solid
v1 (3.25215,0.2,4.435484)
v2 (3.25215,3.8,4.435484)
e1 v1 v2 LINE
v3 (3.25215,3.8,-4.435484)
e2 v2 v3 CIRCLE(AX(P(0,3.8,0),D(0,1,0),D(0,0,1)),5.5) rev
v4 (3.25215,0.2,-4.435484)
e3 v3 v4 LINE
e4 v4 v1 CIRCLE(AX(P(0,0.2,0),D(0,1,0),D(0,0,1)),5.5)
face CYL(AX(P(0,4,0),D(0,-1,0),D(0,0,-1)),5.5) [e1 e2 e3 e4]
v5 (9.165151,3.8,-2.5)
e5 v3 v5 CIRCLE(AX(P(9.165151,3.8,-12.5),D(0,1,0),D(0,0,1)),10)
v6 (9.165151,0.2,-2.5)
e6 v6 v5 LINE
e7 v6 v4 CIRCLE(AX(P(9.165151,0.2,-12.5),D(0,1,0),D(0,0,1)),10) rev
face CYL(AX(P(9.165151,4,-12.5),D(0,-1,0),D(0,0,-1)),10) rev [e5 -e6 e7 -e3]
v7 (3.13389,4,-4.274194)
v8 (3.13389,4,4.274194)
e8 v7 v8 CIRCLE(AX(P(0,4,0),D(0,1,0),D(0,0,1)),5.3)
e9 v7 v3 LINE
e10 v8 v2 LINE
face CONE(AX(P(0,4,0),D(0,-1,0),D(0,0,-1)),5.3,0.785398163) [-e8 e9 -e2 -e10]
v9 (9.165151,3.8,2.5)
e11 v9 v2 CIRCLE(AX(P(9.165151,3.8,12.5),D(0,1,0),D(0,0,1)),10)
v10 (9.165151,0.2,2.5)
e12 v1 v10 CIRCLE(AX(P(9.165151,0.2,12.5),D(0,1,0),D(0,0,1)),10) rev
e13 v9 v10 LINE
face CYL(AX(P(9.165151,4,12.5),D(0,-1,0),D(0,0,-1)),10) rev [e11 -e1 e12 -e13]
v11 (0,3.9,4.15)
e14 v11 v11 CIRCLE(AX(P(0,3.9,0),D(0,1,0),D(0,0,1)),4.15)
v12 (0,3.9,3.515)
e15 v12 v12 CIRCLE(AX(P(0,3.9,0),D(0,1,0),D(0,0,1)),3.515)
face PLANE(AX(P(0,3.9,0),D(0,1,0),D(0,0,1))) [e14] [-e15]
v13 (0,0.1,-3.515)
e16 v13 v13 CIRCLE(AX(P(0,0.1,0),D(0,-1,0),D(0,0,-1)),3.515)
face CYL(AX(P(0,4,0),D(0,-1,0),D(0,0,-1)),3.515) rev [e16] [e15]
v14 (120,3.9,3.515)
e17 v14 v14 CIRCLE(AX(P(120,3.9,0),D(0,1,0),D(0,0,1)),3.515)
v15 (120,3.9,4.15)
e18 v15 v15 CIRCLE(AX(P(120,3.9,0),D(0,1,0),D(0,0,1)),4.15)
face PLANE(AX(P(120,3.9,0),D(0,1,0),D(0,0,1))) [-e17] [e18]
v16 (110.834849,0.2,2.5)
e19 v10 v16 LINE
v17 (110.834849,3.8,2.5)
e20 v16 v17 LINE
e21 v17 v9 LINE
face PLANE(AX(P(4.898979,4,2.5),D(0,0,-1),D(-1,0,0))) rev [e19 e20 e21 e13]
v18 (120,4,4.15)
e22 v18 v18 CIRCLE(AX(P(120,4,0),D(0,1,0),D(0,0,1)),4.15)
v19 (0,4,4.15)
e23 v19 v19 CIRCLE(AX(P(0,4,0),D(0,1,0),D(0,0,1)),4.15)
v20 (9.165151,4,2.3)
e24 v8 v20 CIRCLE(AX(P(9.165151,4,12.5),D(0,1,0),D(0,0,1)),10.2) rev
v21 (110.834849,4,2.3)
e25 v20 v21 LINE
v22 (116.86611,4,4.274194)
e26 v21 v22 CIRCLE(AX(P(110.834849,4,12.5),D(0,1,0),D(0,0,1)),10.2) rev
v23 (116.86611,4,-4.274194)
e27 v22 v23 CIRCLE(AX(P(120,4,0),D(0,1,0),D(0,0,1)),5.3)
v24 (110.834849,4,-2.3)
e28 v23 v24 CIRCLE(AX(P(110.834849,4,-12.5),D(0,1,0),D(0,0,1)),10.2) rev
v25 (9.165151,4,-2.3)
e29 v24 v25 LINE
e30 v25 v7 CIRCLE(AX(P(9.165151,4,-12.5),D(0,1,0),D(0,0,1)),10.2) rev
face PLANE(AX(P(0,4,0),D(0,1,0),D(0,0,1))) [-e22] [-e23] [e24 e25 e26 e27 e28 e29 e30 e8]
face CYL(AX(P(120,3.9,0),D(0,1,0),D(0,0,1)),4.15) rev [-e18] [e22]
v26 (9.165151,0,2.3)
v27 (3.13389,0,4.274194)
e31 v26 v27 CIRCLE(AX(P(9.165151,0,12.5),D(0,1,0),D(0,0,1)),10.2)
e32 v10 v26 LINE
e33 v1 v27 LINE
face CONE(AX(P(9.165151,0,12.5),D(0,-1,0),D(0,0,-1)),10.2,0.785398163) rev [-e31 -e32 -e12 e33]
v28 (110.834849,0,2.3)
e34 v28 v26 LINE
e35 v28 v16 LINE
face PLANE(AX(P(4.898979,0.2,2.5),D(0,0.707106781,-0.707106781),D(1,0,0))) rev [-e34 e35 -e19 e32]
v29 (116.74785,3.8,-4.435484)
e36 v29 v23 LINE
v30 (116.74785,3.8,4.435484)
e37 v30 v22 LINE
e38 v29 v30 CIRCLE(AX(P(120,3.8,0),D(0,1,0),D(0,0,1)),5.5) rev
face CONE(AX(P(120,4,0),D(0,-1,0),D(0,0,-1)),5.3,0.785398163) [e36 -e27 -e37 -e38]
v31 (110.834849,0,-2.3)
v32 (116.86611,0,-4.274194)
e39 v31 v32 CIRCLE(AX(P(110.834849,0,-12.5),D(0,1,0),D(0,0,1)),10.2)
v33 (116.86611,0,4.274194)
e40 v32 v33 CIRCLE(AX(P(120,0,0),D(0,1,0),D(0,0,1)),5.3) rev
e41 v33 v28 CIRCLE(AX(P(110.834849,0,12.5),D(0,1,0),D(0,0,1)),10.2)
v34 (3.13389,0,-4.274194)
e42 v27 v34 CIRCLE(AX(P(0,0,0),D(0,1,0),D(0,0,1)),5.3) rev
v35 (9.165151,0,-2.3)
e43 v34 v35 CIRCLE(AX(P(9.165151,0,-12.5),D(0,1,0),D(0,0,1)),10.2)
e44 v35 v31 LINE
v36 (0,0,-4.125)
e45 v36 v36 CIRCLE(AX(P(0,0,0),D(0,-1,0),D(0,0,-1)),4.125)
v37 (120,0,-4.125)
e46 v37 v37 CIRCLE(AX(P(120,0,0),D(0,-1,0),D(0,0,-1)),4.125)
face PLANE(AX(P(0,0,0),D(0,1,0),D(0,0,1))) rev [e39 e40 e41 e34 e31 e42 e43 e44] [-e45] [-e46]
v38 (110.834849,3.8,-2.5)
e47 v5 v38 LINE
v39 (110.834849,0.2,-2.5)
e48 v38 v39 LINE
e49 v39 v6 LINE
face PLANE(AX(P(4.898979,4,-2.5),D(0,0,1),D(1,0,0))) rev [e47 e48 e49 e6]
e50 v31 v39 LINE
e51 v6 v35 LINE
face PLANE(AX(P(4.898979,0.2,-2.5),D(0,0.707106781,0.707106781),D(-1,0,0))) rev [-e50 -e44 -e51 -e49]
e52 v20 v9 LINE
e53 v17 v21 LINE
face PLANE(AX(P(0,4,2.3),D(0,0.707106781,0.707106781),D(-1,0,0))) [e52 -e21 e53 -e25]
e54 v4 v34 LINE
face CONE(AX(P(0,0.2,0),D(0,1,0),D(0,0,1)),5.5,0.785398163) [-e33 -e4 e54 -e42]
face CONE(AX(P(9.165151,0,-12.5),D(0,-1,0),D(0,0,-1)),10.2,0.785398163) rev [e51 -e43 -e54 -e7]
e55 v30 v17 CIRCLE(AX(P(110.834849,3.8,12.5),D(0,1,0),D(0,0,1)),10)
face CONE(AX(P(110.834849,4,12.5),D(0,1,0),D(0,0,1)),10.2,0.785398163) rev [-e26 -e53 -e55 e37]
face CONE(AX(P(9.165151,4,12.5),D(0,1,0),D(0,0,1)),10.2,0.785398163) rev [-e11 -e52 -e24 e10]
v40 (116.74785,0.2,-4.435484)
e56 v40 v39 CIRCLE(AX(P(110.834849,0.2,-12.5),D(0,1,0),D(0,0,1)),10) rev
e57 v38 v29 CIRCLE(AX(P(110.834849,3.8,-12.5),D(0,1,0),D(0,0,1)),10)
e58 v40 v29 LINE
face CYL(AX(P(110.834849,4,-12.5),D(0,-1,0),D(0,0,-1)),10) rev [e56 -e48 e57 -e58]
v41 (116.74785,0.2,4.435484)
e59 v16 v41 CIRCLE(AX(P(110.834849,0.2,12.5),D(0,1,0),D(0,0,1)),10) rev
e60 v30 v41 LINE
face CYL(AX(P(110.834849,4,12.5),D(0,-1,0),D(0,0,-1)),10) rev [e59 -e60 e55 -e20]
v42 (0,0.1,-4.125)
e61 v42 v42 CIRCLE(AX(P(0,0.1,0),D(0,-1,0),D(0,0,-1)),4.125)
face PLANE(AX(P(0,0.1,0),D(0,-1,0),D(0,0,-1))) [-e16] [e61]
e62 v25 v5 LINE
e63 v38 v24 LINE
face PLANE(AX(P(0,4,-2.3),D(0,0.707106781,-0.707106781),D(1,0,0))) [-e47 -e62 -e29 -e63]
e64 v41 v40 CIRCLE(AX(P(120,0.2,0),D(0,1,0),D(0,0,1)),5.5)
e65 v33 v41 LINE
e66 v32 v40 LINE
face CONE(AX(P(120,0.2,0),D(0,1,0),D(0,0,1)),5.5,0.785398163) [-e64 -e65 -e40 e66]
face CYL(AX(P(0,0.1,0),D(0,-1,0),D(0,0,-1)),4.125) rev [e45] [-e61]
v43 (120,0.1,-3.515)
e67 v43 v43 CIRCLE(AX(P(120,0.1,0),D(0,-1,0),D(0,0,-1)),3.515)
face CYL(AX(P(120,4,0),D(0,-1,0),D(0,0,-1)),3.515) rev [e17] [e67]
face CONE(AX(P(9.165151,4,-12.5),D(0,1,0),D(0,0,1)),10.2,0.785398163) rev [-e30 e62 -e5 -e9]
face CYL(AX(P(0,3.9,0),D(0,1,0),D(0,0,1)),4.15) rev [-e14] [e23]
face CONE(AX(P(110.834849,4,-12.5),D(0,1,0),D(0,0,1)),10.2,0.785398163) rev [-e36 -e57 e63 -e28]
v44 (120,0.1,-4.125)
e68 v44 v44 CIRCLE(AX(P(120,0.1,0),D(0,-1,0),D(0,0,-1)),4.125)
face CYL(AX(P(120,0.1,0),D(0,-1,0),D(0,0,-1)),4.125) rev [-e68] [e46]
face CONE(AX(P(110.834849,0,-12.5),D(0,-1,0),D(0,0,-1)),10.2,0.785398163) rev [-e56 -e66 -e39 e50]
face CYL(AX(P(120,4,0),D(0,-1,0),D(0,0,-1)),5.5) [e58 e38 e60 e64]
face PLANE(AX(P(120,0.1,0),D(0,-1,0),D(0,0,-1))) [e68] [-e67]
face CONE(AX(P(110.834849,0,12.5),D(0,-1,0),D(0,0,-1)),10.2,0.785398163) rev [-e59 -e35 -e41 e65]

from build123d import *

# Parameters (mm, degrees)
SKETCH_1_R          = 3.515
EXTRUDE_1_DEPTH     = 4
FILLET_1_R          = 10
CHAMFER_1_SIZE      = 0.2
SKETCH_3_R          = 4.15
CUT_EXTRUDE_2_DEPTH = 0.1
SKETCH_4_R          = 4.125
CUT_EXTRUDE_3_DEPTH = 0.1


with BuildPart() as part:
    # 草图1 → 凸台-拉伸1 (new body)
    with BuildSketch(Plane(origin=(0, 0, 0), x_dir=(1, 0, 0), z_dir=(0, 1, 0))):
        with BuildLine():
            Line((4.898979486, 2.5), (115.101020514, 2.5))
            ThreePointArc((115.101020514, 2.5), (125.5, 0), (115.101020514, -2.5))
            Line((115.101020514, -2.5), (4.898979486, -2.5))
            ThreePointArc((4.898979486, -2.5), (-5.5, 0), (4.898979486, 2.5))
        make_face()
        with Locations(Location((0, 0, 0), (0, 0, 270))):
            Circle(SKETCH_1_R, mode=Mode.SUBTRACT)
        with Locations(Location((120, 0, 0), (0, 0, 270))):
            Circle(SKETCH_1_R, mode=Mode.SUBTRACT)
    extrude(amount=EXTRUDE_1_DEPTH)

    # 圆角1
    fillet_1_edges = [part.edges().sort_by_distance(p)[0] for p in [
        (4.898979486, 2, -2.5),
        (115.101020514, 2, -2.5),
        (115.101020514, 2, 2.5),
        (4.898979486, 2, 2.5),
    ]]
    fillet(fillet_1_edges, radius=FILLET_1_R)

    # 倒角1
    chamfer_1_edges = [part.edges().sort_by_distance(p)[0] for p in [
        (125.5, 0, 0),
        (125.5, 4, 0),
        (60, 0, 2.5),
        (60, 4, 2.5),
        (60, 0, -2.5),
        (60, 4, -2.5),
        (-5.5, 0, 0),
        (-5.5, 4, 0),
        (113.945703694, 0, 2.996180734),
        (113.945703694, 4, 2.996180734),
        (113.945703694, 0, -2.996180734),
        (113.945703694, 4, -2.996180734),
        (6.054296306, 0, 2.996180734),
        (6.054296306, 4, 2.996180734),
        (6.054296306, 0, -2.996180734),
        (6.054296306, 4, -2.996180734),
    ]]
    chamfer(chamfer_1_edges, length=CHAMFER_1_SIZE)

    # 草图3 → 切除-拉伸2 (cut)
    with BuildSketch(Plane(origin=(0, 4, 0), x_dir=(1, 0, 0), z_dir=(0, 1, 0))):
        with Locations(Location((0, 0, 0), (0, 0, 270))):
            Circle(SKETCH_3_R)
        with Locations(Location((120, 0, 0), (0, 0, 270))):
            Circle(SKETCH_3_R)
    extrude(amount=-CUT_EXTRUDE_2_DEPTH, mode=Mode.SUBTRACT)

    # 草图4 → 切除-拉伸3 (cut)
    with BuildSketch(Plane.XZ):
        with Locations(Location((0, 0, 0), (0, 0, 270))):
            Circle(SKETCH_4_R)
        with Locations(Location((120, 0, 0), (0, 0, 270))):
            Circle(SKETCH_4_R)
    extrude(amount=-CUT_EXTRUDE_3_DEPTH, mode=Mode.SUBTRACT)


solid = part.part
